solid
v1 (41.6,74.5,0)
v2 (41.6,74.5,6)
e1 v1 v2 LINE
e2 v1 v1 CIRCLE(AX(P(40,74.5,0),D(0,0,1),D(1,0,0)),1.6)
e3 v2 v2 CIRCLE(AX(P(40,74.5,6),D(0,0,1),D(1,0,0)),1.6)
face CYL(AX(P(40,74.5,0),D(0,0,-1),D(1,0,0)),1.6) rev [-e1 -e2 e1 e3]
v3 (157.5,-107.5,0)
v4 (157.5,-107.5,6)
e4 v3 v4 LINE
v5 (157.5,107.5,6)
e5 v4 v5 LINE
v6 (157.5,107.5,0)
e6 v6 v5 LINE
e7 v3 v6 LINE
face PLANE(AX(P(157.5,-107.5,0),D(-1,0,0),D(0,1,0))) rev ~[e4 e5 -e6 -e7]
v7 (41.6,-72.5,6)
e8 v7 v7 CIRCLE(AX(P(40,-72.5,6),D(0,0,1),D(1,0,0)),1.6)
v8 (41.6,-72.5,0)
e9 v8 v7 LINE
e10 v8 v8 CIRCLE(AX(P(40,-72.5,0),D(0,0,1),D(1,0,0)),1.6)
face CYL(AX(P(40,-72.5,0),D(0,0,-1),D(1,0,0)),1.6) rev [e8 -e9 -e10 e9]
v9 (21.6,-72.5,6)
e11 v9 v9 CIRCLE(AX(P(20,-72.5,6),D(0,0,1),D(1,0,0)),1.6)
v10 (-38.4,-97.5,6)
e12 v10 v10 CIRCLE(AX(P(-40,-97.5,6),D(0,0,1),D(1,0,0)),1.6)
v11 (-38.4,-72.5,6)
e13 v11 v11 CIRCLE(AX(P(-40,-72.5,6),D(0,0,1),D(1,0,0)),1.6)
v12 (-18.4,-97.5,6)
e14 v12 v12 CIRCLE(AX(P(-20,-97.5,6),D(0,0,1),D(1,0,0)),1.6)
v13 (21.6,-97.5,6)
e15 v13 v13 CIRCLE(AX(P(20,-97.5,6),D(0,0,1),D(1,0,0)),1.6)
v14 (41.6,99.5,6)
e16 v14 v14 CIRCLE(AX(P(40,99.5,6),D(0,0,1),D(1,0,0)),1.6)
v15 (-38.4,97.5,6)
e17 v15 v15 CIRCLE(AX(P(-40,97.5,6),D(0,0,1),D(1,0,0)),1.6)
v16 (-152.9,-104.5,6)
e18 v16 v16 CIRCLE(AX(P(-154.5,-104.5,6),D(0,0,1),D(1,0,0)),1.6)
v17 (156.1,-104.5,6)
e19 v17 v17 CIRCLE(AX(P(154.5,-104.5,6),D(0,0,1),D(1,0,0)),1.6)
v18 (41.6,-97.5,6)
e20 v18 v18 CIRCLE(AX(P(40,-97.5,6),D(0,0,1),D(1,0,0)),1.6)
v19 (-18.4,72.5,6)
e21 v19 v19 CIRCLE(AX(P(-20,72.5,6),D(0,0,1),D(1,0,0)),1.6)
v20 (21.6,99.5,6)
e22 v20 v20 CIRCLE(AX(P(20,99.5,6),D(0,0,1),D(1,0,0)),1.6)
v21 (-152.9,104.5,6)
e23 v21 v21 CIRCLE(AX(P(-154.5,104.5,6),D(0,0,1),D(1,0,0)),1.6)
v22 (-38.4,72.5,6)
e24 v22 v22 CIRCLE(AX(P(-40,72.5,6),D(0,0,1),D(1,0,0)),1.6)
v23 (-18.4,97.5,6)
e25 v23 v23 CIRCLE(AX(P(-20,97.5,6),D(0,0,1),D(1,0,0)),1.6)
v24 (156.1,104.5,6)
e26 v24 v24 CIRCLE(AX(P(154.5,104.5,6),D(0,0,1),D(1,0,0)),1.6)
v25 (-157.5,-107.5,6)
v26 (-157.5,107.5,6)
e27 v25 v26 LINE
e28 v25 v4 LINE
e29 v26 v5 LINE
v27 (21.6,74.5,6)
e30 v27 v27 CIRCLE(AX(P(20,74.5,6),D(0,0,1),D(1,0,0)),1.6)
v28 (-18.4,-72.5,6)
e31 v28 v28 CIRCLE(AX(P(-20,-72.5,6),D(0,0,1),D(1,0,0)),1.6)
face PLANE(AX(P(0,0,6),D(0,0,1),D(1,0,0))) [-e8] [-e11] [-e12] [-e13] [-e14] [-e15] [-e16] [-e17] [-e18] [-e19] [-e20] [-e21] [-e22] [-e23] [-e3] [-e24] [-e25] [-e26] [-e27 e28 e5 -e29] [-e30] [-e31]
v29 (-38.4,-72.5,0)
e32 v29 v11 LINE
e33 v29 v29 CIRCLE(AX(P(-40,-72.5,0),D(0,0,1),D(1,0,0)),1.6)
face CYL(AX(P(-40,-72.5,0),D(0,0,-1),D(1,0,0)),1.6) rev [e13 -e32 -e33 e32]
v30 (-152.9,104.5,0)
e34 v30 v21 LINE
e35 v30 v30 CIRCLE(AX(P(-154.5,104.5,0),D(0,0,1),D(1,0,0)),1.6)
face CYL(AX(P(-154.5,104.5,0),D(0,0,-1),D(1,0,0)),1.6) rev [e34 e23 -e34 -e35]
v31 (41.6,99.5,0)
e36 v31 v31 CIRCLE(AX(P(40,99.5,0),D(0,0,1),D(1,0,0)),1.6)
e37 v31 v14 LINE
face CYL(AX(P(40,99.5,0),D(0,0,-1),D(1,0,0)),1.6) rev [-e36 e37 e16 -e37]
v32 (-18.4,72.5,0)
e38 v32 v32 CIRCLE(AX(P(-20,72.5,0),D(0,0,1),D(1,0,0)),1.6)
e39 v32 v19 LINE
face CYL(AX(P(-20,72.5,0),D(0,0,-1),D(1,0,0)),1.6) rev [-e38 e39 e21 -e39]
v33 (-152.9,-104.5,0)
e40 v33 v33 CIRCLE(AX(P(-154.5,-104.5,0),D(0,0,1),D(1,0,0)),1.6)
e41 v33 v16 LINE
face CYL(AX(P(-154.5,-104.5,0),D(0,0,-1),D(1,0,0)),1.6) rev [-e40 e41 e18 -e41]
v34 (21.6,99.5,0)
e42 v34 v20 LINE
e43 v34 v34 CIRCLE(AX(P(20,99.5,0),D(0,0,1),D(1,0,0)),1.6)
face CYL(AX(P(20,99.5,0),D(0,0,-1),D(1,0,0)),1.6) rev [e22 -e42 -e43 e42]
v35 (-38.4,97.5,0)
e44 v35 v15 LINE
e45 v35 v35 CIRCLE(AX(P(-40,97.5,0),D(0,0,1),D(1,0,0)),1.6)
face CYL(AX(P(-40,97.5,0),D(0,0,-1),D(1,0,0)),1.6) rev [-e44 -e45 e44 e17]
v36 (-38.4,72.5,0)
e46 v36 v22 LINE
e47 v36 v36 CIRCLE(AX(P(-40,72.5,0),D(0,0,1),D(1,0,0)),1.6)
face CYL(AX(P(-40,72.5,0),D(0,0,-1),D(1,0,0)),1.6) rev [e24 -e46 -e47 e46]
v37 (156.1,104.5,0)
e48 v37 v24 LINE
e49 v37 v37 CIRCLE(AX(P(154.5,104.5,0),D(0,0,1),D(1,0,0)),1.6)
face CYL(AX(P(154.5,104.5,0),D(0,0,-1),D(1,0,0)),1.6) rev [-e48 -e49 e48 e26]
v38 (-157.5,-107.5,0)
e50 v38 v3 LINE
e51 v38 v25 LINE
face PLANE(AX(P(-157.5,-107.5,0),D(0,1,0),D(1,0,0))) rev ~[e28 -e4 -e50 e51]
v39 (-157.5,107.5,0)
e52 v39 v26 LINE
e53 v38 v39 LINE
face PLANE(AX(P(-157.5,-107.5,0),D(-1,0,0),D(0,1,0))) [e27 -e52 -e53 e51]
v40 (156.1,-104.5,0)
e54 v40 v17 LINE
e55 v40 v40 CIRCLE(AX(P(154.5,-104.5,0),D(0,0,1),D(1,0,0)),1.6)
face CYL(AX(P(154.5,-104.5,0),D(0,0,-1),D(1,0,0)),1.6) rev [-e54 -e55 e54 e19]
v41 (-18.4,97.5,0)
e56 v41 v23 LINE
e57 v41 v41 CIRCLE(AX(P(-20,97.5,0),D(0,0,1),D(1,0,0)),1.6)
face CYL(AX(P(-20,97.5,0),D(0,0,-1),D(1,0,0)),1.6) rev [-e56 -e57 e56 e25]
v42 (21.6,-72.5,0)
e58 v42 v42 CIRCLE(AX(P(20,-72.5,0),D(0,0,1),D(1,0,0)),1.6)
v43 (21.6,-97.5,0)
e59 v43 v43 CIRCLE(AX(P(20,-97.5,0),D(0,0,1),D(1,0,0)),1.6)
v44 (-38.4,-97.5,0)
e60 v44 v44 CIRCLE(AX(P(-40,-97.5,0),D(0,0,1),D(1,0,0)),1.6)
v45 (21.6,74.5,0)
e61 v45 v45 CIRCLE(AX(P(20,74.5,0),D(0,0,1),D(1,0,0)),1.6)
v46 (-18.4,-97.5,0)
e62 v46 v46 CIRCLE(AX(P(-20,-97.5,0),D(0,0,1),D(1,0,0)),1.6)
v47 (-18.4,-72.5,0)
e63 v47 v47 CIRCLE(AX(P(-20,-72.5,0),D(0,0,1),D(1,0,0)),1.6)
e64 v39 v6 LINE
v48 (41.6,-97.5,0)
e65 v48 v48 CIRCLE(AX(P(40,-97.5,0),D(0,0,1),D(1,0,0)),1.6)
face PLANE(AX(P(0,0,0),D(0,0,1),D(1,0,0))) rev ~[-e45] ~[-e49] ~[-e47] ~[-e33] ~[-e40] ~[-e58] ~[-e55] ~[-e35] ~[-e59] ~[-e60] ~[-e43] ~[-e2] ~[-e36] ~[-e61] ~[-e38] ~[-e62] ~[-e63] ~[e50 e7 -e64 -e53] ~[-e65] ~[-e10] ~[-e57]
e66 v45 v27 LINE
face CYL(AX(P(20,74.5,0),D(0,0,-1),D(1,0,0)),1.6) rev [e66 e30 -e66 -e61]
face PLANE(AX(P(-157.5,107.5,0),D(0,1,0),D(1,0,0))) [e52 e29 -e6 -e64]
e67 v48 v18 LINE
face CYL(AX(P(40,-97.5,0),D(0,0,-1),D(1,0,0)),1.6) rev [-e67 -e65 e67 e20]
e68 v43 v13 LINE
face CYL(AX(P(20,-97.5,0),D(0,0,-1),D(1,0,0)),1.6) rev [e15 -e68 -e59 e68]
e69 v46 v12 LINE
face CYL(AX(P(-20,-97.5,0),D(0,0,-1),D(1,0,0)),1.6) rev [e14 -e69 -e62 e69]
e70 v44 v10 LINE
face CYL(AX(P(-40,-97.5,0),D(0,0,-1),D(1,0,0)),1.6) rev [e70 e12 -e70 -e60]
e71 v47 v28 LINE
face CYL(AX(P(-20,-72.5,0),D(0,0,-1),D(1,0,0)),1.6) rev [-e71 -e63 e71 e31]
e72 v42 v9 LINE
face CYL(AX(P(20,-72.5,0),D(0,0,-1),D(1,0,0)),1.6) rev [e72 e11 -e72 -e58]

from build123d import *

# Parameters (mm, degrees)
F0_W     = 315
F0_H     = 215
F0_R     = 1.6
F1_DEPTH = 6


with BuildPart() as f1:
    # F0 (on Top) → F1 (new body)
    with BuildSketch(Plane.XY):
        Rectangle(F0_W, F0_H)
        with Locations((-154.5, -104.5)):
            Circle(F0_R, mode=Mode.SUBTRACT)
        with Locations((-40, -97.5)):
            Circle(F0_R, mode=Mode.SUBTRACT)
        with Locations((-20, -97.5)):
            Circle(F0_R, mode=Mode.SUBTRACT)
        with Locations((-40, -72.5)):
            Circle(F0_R, mode=Mode.SUBTRACT)
        with Locations((-20, -72.5)):
            Circle(F0_R, mode=Mode.SUBTRACT)
        with Locations((20, -97.5)):
            Circle(F0_R, mode=Mode.SUBTRACT)
        with Locations((40, -97.5)):
            Circle(F0_R, mode=Mode.SUBTRACT)
        with Locations((20, -72.5)):
            Circle(F0_R, mode=Mode.SUBTRACT)
        with Locations((40, -72.5)):
            Circle(F0_R, mode=Mode.SUBTRACT)
        with Locations((154.5, -104.5)):
            Circle(F0_R, mode=Mode.SUBTRACT)
        with Locations((-154.5, 104.5)):
            Circle(F0_R, mode=Mode.SUBTRACT)
        with Locations((-40, 72.5)):
            Circle(F0_R, mode=Mode.SUBTRACT)
        with Locations((-20, 72.5)):
            Circle(F0_R, mode=Mode.SUBTRACT)
        with Locations((-40, 97.5)):
            Circle(F0_R, mode=Mode.SUBTRACT)
        with Locations((-20, 97.5)):
            Circle(F0_R, mode=Mode.SUBTRACT)
        with Locations((20, 74.5)):
            Circle(F0_R, mode=Mode.SUBTRACT)
        with Locations((40, 74.5)):
            Circle(F0_R, mode=Mode.SUBTRACT)
        with Locations((20, 99.5)):
            Circle(F0_R, mode=Mode.SUBTRACT)
        with Locations((40, 99.5)):
            Circle(F0_R, mode=Mode.SUBTRACT)
        with Locations((154.5, 104.5)):
            Circle(F0_R, mode=Mode.SUBTRACT)
    extrude(amount=F1_DEPTH)


solid = f1.part
